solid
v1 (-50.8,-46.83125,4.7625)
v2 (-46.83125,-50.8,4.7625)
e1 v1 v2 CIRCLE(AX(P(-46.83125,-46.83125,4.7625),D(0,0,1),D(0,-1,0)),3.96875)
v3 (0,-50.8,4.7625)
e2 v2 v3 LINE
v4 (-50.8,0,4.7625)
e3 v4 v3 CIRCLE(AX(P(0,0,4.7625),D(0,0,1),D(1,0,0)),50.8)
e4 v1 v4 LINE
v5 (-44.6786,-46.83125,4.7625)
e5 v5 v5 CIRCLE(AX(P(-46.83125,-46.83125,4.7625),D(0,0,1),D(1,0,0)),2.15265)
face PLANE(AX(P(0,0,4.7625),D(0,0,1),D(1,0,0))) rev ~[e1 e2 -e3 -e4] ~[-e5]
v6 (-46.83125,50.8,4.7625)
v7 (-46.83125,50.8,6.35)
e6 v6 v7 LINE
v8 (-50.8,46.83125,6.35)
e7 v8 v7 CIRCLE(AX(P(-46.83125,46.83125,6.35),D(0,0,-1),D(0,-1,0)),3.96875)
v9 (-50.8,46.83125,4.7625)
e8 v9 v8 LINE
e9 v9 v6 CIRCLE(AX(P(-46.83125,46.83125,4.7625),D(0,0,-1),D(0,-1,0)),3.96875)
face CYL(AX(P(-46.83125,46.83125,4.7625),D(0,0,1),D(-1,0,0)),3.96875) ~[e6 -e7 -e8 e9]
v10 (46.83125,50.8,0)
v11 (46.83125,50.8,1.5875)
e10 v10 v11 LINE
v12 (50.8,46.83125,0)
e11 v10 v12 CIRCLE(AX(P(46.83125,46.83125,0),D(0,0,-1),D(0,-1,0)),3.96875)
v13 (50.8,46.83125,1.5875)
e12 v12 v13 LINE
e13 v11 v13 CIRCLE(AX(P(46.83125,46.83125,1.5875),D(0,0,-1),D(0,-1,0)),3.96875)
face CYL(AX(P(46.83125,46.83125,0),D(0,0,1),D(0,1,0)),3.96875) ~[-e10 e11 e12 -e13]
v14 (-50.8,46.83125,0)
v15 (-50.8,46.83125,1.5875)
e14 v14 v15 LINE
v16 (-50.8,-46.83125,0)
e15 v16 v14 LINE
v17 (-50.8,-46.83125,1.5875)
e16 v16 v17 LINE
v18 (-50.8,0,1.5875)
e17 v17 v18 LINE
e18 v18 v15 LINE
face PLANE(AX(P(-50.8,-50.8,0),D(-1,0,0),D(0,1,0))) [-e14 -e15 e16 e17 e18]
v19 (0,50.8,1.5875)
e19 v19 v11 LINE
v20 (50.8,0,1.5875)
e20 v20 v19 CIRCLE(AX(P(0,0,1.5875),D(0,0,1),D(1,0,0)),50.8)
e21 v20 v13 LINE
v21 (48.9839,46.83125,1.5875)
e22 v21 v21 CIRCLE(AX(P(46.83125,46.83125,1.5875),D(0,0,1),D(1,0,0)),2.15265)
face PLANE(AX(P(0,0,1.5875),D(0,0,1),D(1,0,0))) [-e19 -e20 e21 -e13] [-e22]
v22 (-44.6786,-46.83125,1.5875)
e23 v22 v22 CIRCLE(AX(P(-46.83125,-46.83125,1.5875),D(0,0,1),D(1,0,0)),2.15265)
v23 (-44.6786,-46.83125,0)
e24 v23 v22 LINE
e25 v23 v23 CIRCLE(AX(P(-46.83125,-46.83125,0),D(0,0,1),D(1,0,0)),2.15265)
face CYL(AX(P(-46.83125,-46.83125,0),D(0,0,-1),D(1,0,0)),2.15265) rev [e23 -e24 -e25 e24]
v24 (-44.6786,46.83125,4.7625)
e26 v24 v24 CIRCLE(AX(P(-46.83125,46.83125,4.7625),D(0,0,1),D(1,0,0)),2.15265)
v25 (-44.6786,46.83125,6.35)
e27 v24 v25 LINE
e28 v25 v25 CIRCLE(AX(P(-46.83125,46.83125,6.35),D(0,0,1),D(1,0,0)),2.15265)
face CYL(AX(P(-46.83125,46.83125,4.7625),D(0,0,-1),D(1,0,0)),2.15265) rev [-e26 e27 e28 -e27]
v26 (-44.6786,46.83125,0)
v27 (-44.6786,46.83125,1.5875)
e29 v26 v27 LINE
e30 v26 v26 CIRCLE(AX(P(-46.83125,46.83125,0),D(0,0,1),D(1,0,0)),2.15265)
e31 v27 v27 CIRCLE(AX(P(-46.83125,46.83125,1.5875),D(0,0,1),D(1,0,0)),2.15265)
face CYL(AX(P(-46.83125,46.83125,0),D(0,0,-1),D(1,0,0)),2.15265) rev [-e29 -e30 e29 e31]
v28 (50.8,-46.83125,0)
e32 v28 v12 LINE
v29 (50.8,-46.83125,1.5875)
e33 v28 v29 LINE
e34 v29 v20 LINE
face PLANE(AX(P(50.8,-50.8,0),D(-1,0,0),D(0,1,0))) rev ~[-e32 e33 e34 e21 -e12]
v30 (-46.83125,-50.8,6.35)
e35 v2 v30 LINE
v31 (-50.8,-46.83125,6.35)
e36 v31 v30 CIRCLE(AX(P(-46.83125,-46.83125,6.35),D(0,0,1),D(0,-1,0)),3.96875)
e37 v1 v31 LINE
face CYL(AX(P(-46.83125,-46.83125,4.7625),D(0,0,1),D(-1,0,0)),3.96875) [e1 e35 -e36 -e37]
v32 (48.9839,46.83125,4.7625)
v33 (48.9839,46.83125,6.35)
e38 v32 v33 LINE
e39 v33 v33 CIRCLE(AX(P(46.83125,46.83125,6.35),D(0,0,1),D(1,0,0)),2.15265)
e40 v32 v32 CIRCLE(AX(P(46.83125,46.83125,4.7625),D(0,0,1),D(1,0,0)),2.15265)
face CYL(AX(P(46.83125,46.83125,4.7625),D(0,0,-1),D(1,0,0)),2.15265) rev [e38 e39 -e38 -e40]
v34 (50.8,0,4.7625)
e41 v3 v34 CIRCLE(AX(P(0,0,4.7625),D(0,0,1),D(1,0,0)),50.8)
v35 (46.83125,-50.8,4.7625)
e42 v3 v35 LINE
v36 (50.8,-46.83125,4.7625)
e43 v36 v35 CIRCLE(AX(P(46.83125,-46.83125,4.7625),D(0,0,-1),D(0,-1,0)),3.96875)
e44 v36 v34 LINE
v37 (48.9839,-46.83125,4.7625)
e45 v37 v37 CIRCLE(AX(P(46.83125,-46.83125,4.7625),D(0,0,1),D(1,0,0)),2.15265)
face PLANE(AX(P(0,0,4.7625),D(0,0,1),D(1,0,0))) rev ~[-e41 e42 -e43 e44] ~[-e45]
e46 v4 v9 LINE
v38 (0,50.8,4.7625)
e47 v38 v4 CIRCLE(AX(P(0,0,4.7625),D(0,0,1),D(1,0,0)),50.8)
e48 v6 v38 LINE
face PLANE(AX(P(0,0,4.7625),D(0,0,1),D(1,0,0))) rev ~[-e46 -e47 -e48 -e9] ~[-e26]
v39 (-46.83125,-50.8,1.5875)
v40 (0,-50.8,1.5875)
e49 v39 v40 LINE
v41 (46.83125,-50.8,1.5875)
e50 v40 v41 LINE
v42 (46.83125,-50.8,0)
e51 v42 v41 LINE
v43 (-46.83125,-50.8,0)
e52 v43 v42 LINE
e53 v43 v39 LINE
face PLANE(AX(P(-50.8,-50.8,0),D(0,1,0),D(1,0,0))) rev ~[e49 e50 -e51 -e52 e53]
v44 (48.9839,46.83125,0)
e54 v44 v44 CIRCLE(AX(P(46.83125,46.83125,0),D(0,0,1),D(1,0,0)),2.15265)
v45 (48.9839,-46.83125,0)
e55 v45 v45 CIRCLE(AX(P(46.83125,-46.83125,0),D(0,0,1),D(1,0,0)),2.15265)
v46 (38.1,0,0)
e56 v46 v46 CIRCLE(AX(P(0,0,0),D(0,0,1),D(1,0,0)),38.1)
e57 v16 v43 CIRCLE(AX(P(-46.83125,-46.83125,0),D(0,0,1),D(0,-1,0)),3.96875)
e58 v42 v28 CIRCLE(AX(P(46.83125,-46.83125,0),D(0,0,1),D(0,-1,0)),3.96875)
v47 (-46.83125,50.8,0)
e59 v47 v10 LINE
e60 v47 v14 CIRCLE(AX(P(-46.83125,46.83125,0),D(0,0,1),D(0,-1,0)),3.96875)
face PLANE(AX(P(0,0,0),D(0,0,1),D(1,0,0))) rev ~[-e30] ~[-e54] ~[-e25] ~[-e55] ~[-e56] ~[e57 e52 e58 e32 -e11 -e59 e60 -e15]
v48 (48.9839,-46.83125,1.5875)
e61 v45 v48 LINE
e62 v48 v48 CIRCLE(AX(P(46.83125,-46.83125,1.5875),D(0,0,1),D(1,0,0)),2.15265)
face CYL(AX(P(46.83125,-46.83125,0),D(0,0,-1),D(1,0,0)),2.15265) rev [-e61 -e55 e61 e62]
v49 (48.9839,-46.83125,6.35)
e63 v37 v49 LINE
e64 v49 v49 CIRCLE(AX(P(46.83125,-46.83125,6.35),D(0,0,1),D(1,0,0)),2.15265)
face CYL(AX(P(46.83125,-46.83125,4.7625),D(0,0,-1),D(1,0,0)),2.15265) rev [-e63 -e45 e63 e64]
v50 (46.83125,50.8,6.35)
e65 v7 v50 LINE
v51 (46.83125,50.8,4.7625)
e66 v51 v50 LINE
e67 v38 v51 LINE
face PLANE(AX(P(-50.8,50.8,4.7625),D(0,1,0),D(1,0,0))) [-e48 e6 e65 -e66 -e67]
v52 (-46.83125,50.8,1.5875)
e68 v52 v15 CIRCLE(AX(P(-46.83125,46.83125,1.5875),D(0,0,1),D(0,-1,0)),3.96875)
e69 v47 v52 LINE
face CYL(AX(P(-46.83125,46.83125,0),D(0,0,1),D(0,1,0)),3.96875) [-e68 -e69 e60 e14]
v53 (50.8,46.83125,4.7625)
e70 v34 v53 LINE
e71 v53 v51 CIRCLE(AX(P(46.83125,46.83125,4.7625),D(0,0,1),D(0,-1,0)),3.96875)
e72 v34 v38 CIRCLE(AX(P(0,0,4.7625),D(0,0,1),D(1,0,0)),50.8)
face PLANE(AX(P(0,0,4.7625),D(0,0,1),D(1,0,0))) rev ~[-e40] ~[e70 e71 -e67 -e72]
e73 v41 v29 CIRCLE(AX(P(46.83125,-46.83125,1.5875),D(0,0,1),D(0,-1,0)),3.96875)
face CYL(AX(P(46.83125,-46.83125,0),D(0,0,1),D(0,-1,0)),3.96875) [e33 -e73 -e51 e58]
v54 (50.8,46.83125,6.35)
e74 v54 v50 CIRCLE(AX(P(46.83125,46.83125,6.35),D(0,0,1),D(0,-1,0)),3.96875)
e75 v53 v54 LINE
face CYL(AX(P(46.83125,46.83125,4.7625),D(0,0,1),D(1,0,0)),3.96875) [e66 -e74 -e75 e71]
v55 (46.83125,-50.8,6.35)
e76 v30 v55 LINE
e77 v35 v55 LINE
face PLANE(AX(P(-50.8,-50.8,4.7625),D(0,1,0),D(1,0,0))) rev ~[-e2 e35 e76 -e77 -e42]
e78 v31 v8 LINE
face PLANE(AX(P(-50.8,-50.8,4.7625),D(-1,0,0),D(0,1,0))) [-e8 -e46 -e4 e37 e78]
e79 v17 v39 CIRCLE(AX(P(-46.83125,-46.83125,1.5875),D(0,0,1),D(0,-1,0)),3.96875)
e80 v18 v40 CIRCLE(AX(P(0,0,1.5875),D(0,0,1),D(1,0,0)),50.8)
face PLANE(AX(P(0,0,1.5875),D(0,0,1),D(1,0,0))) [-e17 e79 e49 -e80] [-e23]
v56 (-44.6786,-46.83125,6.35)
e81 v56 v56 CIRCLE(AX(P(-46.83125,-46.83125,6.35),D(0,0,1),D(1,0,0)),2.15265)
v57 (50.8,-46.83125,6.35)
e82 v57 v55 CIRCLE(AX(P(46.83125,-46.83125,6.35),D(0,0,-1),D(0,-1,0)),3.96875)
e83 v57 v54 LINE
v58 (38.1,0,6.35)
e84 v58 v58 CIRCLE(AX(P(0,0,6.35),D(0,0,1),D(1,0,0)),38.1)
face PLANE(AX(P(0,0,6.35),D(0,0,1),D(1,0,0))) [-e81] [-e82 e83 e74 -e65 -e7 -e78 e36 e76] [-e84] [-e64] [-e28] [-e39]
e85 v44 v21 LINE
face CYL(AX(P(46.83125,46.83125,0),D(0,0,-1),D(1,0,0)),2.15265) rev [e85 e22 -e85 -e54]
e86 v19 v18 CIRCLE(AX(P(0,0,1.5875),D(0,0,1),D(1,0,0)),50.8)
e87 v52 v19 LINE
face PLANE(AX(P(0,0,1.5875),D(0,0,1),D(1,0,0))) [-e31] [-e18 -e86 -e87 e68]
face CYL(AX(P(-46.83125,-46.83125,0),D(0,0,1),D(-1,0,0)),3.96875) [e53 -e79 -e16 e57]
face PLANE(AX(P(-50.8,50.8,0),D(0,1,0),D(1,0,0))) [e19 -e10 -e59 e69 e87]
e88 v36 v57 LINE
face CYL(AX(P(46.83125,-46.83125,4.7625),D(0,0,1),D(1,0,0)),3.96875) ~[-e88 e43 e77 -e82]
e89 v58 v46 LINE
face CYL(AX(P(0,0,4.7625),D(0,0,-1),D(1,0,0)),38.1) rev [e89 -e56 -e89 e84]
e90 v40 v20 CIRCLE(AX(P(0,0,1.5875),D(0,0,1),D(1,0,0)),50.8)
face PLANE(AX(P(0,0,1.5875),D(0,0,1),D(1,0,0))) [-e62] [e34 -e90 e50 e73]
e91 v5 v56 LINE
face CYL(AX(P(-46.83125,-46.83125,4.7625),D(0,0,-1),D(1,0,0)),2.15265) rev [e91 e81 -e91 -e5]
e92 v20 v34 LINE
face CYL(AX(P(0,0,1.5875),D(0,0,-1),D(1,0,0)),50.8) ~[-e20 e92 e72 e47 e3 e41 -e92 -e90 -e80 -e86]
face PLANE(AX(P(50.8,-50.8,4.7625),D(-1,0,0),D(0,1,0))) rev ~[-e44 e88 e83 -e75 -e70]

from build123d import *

# Parameters (mm, degrees)
F0_W     = 101.6
F0_H     = 101.6
F0_R     = 2.15265
F0_R_2   = 38.1
F1_DEPTH = 1.5875
F2_R     = 50.8
F2_R_2   = 38.1
F3_DEPTH = 3.175
F4_W     = 101.6
F4_H     = 101.6
F4_R     = 2.15265
F4_R_2   = 38.1
F5_DEPTH = 1.5875
F6_R     = 3.96875


with BuildPart() as f1:
    # F0 (on Top) → F1 (new body)
    with BuildSketch(Plane.XY):
        Rectangle(F0_W, F0_H)
        with Locations((-46.83125, -46.83125)):
            Circle(F0_R, mode=Mode.SUBTRACT)
        Circle(F0_R_2, mode=Mode.SUBTRACT)
        with Locations((46.83125, -46.83125)):
            Circle(F0_R, mode=Mode.SUBTRACT)
        with Locations((-46.83125, 46.83125)):
            Circle(F0_R, mode=Mode.SUBTRACT)
        with Locations((46.83125, 46.83125)):
            Circle(F0_R, mode=Mode.SUBTRACT)
    extrude(amount=F1_DEPTH)

    # F2 (on face) → F3 (join)
    with BuildSketch(Plane.XY.offset(1.5875)):
        Circle(F2_R)
        Circle(F2_R_2, mode=Mode.SUBTRACT)
    extrude(amount=F3_DEPTH)

    # F4 (on face) → F5 (join)
    with BuildSketch(Plane.XY.offset(4.7625)):
        Rectangle(F4_W, F4_H)
        with Locations((-46.83125, -46.83125)):
            Circle(F4_R, mode=Mode.SUBTRACT)
        Circle(F4_R_2, mode=Mode.SUBTRACT)
        with Locations((46.83125, -46.83125)):
            Circle(F4_R, mode=Mode.SUBTRACT)
        with Locations((-46.83125, 46.83125)):
            Circle(F4_R, mode=Mode.SUBTRACT)
        with Locations((46.83125, 46.83125)):
            Circle(F4_R, mode=Mode.SUBTRACT)
    extrude(amount=F5_DEPTH)

    # F6
    f6_edges = [f1.edges().sort_by_distance(p)[0] for p in [
        (-50.8, 50.8, 0.79375),
        (-50.8, -50.8, 0.79375),
        (50.8, -50.8, 0.79375),
        (50.8, 50.8, 0.79375),
        (-50.8, 50.8, 5.55625),
        (-50.8, -50.8, 5.55625),
        (50.8, -50.8, 5.55625),
        (50.8, 50.8, 5.55625),
    ]]
    fillet(f6_edges, radius=F6_R)


solid = f1.part
